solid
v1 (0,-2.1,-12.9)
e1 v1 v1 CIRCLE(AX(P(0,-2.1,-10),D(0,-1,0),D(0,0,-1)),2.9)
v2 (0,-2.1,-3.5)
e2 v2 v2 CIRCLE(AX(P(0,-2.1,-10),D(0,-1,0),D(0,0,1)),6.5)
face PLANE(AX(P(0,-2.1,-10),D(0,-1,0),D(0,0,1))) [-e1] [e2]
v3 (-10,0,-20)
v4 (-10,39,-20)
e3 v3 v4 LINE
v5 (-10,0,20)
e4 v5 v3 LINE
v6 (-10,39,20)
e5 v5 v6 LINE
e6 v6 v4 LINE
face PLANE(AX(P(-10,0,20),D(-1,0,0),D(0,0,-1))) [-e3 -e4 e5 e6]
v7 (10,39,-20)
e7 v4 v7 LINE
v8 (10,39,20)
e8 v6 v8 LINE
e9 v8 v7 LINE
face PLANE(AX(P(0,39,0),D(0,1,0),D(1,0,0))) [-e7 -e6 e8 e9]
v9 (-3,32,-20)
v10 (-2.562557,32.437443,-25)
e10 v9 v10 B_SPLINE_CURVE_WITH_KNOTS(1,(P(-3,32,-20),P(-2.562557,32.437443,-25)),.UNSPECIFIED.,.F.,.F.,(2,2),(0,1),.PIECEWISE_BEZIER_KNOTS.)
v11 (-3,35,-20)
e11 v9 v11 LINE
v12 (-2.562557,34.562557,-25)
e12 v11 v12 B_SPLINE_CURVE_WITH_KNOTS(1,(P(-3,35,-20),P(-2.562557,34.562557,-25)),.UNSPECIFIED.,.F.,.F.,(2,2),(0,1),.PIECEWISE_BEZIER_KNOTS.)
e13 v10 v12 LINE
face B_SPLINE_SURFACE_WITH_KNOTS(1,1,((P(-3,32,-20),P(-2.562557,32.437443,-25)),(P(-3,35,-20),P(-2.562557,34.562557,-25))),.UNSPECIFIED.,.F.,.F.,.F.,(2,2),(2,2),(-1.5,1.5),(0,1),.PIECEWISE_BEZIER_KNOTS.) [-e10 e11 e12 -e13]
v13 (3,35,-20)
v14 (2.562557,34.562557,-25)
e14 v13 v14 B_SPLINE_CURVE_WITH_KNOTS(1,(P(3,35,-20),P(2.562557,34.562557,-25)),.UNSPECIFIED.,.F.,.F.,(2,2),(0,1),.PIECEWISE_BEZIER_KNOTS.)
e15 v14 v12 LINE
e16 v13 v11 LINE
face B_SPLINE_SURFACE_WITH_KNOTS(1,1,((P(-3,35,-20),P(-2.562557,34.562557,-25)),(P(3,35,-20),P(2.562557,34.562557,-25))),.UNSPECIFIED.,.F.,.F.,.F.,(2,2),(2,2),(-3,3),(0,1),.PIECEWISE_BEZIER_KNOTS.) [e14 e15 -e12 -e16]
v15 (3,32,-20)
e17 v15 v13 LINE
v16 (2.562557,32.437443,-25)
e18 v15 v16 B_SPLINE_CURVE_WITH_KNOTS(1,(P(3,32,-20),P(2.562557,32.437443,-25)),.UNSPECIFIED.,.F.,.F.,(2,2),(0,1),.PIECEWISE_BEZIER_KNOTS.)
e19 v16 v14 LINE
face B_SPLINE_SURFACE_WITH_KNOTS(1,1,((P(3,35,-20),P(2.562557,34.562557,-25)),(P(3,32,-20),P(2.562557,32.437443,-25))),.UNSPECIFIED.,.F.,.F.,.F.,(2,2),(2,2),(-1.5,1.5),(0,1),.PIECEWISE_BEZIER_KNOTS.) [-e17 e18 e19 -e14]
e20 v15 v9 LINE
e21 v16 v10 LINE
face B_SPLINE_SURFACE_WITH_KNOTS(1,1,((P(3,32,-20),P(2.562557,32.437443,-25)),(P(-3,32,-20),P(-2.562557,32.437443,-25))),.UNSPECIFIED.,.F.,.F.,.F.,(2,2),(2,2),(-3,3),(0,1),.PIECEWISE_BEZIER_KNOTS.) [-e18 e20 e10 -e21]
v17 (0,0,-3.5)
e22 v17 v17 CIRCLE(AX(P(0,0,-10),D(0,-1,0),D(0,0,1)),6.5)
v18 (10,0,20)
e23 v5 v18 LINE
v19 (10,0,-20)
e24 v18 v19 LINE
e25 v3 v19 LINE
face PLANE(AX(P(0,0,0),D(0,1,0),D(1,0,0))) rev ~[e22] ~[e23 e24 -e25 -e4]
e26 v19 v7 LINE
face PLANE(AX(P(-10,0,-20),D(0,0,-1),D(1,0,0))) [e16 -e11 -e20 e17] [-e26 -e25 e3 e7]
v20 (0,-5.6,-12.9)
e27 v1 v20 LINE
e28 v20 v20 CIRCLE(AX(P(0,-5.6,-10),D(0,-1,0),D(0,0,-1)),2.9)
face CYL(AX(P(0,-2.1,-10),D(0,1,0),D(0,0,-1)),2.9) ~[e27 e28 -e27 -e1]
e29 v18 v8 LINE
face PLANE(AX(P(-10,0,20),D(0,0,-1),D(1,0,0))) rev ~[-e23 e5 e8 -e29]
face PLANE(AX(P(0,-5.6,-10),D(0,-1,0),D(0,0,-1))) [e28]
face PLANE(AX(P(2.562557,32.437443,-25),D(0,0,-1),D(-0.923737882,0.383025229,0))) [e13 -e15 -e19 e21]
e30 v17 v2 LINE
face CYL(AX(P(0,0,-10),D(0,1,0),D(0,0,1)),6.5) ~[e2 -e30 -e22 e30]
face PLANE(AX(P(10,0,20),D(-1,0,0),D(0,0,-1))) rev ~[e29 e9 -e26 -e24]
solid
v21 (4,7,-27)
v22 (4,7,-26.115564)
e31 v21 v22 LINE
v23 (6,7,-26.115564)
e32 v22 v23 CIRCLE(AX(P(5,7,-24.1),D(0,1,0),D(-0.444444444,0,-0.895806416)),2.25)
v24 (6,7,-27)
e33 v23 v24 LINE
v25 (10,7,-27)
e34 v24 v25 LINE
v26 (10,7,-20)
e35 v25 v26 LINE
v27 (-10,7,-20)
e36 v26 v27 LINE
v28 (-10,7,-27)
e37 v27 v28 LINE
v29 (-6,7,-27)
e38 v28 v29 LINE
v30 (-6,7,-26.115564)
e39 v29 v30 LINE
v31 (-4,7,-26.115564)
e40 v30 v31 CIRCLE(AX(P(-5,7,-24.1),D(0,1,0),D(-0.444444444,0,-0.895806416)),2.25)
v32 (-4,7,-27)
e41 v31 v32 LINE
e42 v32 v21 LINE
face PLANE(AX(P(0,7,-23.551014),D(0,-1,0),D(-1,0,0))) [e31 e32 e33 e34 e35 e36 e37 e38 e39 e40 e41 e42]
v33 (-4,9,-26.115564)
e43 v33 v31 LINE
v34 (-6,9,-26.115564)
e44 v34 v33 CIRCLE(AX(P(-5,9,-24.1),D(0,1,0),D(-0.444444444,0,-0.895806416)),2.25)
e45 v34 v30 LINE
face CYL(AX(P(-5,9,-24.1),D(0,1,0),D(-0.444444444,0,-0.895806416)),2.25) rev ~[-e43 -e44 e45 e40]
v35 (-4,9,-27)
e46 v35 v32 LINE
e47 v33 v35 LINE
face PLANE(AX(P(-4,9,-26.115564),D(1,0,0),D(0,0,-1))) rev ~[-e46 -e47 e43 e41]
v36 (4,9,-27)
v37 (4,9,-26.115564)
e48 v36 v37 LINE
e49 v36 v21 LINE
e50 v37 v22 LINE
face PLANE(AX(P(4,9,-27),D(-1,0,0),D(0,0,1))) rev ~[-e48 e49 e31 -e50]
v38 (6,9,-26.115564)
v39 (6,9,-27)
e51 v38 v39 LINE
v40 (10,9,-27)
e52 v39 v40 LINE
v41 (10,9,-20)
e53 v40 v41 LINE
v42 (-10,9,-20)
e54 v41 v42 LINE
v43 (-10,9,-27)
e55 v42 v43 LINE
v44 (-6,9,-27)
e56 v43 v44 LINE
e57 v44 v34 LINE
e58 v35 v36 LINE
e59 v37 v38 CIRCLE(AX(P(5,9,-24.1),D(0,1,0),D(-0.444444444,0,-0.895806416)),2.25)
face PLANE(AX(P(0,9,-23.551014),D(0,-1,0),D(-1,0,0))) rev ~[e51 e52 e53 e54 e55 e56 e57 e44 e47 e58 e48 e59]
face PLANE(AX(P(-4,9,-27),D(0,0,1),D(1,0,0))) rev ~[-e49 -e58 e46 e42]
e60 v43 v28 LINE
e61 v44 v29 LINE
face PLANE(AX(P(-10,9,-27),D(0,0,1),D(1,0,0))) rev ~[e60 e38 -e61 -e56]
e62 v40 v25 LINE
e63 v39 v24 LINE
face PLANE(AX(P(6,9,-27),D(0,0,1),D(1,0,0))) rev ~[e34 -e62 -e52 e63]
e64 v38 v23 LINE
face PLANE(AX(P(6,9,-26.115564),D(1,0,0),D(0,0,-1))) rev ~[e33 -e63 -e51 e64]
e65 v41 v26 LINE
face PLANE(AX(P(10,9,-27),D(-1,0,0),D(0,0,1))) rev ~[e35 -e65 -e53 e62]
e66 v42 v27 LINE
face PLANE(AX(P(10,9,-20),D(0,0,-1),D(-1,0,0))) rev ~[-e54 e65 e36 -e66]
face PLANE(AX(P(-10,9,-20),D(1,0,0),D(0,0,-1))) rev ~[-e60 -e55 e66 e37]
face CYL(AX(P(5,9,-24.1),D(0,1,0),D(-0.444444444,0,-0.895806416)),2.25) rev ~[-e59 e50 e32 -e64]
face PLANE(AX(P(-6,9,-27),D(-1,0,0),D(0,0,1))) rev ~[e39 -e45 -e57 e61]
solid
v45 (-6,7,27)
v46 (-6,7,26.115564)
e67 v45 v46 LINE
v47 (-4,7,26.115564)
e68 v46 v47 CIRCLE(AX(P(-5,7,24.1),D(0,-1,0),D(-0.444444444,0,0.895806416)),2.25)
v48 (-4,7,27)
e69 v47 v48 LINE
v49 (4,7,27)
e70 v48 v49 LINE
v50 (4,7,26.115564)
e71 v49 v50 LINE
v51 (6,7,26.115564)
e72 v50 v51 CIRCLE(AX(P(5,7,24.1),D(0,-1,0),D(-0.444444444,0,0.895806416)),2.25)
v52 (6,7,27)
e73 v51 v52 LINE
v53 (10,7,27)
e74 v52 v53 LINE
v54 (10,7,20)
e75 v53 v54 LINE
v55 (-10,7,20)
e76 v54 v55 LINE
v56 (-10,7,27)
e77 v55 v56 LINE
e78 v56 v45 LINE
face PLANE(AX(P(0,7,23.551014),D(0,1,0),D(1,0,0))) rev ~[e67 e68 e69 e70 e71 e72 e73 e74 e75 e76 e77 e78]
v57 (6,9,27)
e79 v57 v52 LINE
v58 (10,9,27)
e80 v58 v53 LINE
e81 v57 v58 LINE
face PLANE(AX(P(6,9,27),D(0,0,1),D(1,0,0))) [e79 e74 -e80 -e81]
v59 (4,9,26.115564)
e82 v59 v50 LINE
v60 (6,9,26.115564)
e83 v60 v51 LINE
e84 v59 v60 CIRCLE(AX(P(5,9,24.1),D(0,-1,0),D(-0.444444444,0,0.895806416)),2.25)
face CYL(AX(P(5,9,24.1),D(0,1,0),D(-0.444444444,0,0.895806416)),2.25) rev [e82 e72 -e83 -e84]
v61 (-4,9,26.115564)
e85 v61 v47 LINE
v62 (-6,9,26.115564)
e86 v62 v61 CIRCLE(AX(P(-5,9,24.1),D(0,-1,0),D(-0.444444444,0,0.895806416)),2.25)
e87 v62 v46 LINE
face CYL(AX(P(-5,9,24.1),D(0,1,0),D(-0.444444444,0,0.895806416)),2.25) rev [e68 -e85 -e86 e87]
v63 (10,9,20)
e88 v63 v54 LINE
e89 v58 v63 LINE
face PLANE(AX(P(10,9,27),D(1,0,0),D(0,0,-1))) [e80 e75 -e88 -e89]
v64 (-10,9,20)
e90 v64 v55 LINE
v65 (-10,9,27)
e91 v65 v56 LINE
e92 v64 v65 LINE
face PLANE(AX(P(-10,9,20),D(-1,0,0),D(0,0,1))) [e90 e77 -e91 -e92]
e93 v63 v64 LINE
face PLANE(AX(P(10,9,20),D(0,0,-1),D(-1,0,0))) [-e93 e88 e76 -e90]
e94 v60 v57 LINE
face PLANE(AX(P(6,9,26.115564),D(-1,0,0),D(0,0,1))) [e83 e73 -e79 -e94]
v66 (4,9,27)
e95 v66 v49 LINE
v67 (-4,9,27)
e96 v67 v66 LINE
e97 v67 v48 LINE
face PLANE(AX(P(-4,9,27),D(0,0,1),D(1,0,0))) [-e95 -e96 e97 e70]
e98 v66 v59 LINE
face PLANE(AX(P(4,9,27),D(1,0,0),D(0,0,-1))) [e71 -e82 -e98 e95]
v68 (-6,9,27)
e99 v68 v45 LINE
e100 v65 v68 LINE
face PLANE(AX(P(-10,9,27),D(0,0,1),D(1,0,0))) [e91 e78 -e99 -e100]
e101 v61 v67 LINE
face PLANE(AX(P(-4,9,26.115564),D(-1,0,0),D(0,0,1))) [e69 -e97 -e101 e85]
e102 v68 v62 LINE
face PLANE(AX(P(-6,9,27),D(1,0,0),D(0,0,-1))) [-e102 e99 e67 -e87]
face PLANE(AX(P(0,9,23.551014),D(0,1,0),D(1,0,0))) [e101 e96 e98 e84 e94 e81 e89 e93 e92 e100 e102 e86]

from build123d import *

# Parameters (mm, degrees)
SKETCH_1_W             = 20
SKETCH_1_H             = 40
EXTRUDE_1_DEPTH        = 39
SKETCH_2_R             = 6.5
EXTRUDE_2_DEPTH        = 2.1
SKETCH_3_R             = 2.9
EXTRUDE_3_DEPTH        = 3.5
SKETCH_4_W             = 6
SKETCH_4_H             = 3
EXTRUDE_4_DEPTH        = 5
EXTRUDE_4_TAPER        = 5
EXTRUDE_5_DEPTH        = 1
EXTRUDE_5_DEPTH_BACK   = 1
EXTRUDE_5_2_DEPTH      = 1
EXTRUDE_5_2_DEPTH_BACK = 1


with BuildPart() as part:
    # 草图1 → 凸台-拉伸1 (new body)
    with BuildSketch(Plane(origin=(0, 0, 0), x_dir=(1, 0, 0), z_dir=(0, 1, 0))):
        Rectangle(SKETCH_1_W, SKETCH_1_H)
    extrude(amount=EXTRUDE_1_DEPTH)

    # 草图2 → 凸台-拉伸2 (add)
    with BuildSketch(Plane.XZ):
        with Locations(Location((0, -10, 0), (0, 0, 90))):
            Circle(SKETCH_2_R)
    extrude(amount=EXTRUDE_2_DEPTH)

    # 草图3 → 凸台-拉伸3 (add)
    with BuildSketch(Plane.XZ.offset(2.1)):
        with Locations(Location((0, -10, 0), (0, 0, 270))):
            Circle(SKETCH_3_R)
    extrude(amount=EXTRUDE_3_DEPTH)

    # 草图4 → 凸台-拉伸4 (add)
    with BuildSketch(Plane(origin=(0, 0, -20), x_dir=(-1, 0, 0), z_dir=(0, 0, -1))):
        with Locations((0, 33.5)):
            Rectangle(SKETCH_4_W, SKETCH_4_H)
    extrude(amount=EXTRUDE_4_DEPTH, taper=EXTRUDE_4_TAPER)


with BuildPart() as body_2:
    # 草图5 → 凸台-拉伸5 (new, two sides: drawn at the far end of the back side and taken through both)
    with BuildSketch(Plane(origin=(0, 8, 0), x_dir=(-1, 0, 0), z_dir=(0, -1, 0)).offset(-EXTRUDE_5_DEPTH_BACK)):
        with BuildLine():
            Line((-10, -20), (10, -20))
            Line((10, -20), (10, -27))
            Line((10, -27), (6, -27))
            Line((6, -27), (6, -26.115564437))
            ThreePointArc((6, -26.115564437), (5, -21.85), (4, -26.115564437))
            Line((4, -26.115564437), (4, -27))
            Line((4, -27), (-4, -27))
            Line((-4, -27), (-4, -26.115564437))
            ThreePointArc((-4, -26.115564437), (-5, -21.85), (-6, -26.115564437))
            Line((-6, -26.115564437), (-6, -27))
            Line((-6, -27), (-10, -27))
            Line((-10, -27), (-10, -20))
        make_face()
    extrude(amount=EXTRUDE_5_DEPTH + EXTRUDE_5_DEPTH_BACK)


with BuildPart() as body_3:
    # 草图5 → Extrude 5 2 (new, two sides: drawn at the far end of the back side and taken through both)
    with BuildSketch(Plane(origin=(0, 8, 0), x_dir=(-1, 0, 0), z_dir=(0, -1, 0)).offset(-EXTRUDE_5_2_DEPTH_BACK)):
        with BuildLine():
            Line((-10, 20), (10, 20))
            Line((10, 20), (10, 27))
            Line((10, 27), (6, 27))
            Line((6, 27), (6, 26.115564437))
            ThreePointArc((6, 26.115564437), (5, 21.85), (4, 26.115564437))
            Line((4, 26.115564437), (4, 27))
            Line((4, 27), (-4, 27))
            Line((-4, 27), (-4, 26.115564437))
            ThreePointArc((-4, 26.115564437), (-5, 21.85), (-6, 26.115564437))
            Line((-6, 26.115564437), (-6, 27))
            Line((-6, 27), (-10, 27))
            Line((-10, 27), (-10, 20))
        make_face()
    extrude(amount=EXTRUDE_5_2_DEPTH + EXTRUDE_5_2_DEPTH_BACK)


solid = Compound([part.part, body_2.part, body_3.part])
